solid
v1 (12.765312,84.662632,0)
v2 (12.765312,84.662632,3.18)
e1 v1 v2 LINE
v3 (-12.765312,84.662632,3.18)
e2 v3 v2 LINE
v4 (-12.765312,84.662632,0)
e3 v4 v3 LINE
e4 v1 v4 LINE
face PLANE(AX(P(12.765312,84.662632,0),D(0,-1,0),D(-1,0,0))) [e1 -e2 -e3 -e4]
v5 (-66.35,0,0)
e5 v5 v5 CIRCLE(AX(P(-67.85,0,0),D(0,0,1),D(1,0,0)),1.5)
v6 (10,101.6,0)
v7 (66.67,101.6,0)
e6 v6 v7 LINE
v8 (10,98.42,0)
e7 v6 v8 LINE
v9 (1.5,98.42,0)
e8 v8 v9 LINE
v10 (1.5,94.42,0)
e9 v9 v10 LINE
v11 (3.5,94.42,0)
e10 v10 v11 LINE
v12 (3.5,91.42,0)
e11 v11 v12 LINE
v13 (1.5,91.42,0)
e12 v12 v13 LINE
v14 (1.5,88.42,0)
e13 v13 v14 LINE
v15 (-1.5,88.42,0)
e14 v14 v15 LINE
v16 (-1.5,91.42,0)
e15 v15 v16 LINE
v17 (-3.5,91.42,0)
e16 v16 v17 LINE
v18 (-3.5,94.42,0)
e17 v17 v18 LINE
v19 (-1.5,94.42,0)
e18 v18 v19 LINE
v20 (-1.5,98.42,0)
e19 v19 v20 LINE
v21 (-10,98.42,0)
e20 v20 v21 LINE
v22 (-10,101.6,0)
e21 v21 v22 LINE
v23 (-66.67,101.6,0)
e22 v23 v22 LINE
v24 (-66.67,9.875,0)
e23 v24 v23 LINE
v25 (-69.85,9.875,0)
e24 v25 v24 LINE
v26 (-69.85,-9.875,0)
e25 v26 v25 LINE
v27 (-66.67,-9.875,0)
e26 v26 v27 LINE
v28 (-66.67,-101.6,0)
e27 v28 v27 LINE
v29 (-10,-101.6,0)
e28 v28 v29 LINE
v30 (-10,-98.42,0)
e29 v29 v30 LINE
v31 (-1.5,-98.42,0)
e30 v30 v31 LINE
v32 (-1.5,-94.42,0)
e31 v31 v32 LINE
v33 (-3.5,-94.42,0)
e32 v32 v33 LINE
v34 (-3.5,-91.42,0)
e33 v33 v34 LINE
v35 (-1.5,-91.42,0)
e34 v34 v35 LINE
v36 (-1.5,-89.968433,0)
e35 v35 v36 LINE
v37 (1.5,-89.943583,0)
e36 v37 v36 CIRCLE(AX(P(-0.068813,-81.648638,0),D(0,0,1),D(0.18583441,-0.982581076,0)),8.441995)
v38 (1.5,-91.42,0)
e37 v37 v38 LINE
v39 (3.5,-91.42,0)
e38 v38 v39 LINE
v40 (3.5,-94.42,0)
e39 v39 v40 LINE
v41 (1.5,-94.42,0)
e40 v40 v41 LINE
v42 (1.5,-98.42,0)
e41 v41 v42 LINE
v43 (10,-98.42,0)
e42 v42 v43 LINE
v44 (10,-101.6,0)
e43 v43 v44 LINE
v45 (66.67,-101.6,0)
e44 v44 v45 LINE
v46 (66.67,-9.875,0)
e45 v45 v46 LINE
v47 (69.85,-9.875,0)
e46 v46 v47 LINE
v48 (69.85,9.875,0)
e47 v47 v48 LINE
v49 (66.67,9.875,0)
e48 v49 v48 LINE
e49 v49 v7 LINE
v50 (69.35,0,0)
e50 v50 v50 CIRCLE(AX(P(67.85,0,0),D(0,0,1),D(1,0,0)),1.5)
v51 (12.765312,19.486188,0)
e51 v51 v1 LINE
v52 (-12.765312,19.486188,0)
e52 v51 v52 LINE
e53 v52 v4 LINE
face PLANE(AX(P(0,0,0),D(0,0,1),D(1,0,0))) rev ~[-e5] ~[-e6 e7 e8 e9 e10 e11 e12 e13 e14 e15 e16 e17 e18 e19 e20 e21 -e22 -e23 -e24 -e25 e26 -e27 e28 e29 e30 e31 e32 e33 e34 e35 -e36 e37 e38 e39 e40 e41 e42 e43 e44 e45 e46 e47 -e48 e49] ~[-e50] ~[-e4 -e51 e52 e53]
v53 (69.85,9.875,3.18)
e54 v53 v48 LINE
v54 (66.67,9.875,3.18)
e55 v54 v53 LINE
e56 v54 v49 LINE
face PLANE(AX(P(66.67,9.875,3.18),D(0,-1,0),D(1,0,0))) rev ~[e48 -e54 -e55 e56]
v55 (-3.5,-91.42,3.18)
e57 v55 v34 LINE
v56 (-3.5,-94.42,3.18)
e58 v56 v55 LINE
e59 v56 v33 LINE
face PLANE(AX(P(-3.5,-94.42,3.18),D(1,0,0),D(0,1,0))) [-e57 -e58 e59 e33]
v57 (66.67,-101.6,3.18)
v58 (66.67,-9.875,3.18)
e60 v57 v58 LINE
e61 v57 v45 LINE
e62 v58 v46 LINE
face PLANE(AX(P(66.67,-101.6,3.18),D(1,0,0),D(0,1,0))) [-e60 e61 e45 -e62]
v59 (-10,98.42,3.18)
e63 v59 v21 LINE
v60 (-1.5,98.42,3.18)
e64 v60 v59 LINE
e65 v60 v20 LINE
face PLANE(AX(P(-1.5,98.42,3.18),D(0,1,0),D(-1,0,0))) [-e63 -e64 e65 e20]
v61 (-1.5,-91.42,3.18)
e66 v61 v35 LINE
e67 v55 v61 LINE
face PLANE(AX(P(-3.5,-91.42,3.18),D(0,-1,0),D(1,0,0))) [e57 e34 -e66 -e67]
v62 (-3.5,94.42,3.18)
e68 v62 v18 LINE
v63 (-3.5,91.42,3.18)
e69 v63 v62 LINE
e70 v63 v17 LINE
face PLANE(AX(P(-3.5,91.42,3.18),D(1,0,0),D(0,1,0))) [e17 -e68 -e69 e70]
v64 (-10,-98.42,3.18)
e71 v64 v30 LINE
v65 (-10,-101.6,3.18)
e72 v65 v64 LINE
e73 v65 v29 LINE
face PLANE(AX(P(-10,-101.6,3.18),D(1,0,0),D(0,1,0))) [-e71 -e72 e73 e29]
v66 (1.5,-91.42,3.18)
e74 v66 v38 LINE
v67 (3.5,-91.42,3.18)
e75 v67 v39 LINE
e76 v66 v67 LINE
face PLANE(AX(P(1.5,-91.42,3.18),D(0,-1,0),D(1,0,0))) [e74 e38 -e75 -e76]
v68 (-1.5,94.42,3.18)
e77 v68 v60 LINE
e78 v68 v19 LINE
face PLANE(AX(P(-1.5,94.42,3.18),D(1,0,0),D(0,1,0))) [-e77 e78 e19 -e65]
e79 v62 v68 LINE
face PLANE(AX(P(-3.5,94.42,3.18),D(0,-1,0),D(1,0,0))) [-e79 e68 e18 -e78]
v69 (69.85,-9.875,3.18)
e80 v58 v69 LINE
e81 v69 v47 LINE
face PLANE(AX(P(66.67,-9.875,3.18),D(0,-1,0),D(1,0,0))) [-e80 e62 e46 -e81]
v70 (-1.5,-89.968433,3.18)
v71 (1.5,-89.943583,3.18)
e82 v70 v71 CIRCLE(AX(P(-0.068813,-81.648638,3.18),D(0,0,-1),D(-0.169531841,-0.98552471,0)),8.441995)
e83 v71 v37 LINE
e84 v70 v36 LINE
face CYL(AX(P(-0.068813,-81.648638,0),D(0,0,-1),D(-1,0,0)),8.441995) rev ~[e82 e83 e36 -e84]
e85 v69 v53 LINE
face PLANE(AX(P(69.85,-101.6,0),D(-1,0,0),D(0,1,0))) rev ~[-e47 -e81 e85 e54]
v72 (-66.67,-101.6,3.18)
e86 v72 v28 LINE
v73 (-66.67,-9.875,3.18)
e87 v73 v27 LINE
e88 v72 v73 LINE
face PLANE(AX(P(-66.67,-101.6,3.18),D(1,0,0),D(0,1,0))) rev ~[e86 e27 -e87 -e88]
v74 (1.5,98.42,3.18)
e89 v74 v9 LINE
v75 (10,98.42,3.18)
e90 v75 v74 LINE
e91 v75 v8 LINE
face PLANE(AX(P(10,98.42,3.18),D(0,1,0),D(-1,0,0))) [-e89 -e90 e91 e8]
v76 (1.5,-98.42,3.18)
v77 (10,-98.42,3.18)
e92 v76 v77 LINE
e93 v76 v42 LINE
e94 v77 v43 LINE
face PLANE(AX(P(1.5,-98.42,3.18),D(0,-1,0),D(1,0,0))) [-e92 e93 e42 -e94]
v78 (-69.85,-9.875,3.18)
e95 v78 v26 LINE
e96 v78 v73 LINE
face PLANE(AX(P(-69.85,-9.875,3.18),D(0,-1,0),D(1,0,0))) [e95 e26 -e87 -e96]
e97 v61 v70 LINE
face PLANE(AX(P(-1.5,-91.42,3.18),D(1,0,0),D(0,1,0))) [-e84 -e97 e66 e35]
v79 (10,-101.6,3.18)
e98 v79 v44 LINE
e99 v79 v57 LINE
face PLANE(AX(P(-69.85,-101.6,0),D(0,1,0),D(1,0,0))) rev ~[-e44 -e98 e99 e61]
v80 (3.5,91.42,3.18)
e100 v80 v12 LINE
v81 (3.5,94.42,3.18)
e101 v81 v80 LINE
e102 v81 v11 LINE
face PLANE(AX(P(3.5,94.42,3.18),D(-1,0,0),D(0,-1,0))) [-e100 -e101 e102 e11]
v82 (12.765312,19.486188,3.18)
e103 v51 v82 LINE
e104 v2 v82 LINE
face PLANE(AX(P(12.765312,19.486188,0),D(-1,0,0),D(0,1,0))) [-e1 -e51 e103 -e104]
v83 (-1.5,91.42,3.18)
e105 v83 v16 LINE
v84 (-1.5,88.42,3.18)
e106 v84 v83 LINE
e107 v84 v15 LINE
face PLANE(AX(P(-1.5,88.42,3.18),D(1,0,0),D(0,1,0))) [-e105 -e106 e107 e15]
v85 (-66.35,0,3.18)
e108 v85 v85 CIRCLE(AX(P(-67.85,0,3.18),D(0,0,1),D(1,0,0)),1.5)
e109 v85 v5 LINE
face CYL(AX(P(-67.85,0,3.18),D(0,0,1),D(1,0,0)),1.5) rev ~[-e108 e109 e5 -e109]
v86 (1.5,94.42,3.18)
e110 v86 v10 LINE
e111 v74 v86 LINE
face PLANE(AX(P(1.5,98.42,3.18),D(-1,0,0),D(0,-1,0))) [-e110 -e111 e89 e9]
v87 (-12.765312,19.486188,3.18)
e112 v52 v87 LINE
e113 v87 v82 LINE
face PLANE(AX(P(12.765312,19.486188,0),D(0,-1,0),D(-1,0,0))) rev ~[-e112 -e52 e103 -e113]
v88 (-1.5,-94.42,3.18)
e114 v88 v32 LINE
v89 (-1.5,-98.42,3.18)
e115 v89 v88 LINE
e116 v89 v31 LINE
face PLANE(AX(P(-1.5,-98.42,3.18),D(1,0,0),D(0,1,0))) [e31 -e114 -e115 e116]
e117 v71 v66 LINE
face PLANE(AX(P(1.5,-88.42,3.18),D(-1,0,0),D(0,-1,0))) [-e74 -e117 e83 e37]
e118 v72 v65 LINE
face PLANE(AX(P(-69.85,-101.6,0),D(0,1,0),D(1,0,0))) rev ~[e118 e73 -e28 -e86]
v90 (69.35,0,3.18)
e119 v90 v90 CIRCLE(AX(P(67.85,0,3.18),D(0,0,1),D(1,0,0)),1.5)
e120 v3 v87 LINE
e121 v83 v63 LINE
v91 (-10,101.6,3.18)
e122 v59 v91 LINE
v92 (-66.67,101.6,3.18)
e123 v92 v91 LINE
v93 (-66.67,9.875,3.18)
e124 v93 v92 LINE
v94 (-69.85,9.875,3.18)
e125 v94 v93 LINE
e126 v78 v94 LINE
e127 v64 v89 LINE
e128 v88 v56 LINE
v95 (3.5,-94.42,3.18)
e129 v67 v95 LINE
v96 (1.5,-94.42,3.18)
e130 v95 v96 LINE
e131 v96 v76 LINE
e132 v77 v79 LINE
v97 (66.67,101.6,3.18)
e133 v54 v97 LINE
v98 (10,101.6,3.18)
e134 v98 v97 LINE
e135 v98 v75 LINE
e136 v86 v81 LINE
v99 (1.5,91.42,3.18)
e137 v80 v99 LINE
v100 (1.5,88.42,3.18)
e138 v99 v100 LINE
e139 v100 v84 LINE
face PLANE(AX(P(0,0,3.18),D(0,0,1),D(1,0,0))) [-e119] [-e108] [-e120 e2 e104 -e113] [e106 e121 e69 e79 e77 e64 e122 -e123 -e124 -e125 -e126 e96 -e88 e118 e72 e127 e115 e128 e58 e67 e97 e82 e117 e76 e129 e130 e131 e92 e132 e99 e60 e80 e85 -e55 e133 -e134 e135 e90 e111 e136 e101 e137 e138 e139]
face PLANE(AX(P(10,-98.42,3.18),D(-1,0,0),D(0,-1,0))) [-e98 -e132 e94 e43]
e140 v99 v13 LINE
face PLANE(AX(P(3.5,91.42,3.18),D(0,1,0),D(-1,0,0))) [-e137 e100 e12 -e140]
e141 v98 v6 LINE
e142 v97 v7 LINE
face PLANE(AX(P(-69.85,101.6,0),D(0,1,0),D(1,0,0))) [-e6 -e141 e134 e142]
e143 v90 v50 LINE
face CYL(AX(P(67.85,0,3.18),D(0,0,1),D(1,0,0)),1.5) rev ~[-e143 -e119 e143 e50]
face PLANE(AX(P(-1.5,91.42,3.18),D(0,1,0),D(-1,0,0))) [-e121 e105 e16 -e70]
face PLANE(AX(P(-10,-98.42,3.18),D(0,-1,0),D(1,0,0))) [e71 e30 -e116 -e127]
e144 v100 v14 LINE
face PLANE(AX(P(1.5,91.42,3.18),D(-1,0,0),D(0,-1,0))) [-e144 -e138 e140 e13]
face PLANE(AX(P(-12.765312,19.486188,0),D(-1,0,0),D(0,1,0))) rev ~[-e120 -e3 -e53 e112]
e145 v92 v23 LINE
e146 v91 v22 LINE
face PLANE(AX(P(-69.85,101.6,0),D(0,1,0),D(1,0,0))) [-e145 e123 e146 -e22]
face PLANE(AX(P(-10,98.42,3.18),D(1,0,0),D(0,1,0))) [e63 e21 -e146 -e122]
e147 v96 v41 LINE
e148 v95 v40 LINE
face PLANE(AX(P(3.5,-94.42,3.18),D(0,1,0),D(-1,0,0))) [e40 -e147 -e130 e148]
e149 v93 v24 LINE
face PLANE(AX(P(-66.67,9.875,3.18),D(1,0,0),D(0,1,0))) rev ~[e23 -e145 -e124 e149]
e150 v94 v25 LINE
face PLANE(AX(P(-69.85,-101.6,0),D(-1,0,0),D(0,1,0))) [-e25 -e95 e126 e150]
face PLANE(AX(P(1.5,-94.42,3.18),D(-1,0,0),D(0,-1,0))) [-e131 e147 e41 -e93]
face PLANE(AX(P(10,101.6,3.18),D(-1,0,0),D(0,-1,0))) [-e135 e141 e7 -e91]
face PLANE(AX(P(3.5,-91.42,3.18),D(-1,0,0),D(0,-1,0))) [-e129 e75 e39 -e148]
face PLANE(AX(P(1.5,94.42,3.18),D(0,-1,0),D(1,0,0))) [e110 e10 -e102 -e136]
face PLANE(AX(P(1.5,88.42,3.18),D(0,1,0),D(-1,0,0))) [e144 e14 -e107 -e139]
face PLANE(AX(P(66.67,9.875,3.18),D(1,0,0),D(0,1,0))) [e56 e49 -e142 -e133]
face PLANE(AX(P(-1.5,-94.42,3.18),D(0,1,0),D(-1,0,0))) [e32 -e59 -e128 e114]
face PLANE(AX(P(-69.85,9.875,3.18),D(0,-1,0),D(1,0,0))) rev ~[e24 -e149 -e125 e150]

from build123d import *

# Parameters (mm, degrees)
SKETCH1_W           = 139.7
SKETCH1_H           = 203.2
BOSS_EXTRUDE1_DEPTH = 3.18
SKETCH2_R           = 1.5
SKETCH2_W           = 3.18
SKETCH2_H           = 91.725
CUT_EXTRUDE1_DEPTH  = 124.335700022
SKETCH3_R           = 8.441994665
CUT_EXTRUDE2_DEPTH  = 10
SKETCH5_W           = 25.530623926
SKETCH5_H           = 65.176444071
CUT_EXTRUDE3_DEPTH  = 10


with BuildPart() as part:
    # Sketch1 → Boss-Extrude1 (new body)
    with BuildSketch(Plane.XY):
        Rectangle(SKETCH1_W, SKETCH1_H)
    extrude(amount=BOSS_EXTRUDE1_DEPTH)

    # Sketch2 → Cut-Extrude1 (cut, through all)
    with BuildSketch(Plane.XY.offset(3.18)):
        with Locations((-67.85, 0)):
            Circle(SKETCH2_R)
        with Locations((67.85, 0)):
            Circle(SKETCH2_R)
        Polygon((-10, 101.6), (10, 101.6), (10, 98.42), (1.5, 98.42), (1.5, 94.42), (3.5, 94.42), (3.5, 91.42), (1.5, 91.42), (1.5, 88.42), (-1.5, 88.42), (-1.5, 91.42), (-3.5, 91.42), (-3.5, 94.42), (-1.5, 94.42), (-1.5, 98.42), (-10, 98.42), align=None)
        Polygon((-10, -101.6), (-10, -98.42), (-1.5, -98.42), (-1.5, -94.42), (-3.5, -94.42), (-3.5, -91.42), (-1.5, -91.42), (-1.5, -88.42), (1.5, -88.42), (1.5, -91.42), (3.5, -91.42), (3.5, -94.42), (1.5, -94.42), (1.5, -98.42), (10, -98.42), (10, -101.6), align=None)
        with Locations((-68.26, 55.7375)):
            Rectangle(SKETCH2_W, SKETCH2_H)
        with Locations((-68.26, -55.7375)):
            Rectangle(SKETCH2_W, SKETCH2_H)
        with Locations((68.26, -55.7375)):
            Rectangle(SKETCH2_W, SKETCH2_H)
        with Locations((68.26, 55.7375)):
            Rectangle(SKETCH2_W, SKETCH2_H)
    extrude(amount=-CUT_EXTRUDE1_DEPTH, mode=Mode.SUBTRACT)

    # Sketch3 → Cut-Extrude2 (cut)
    with BuildSketch(Plane(origin=(0, 0, 0), x_dir=(-1, 0, 0), z_dir=(0, 0, -1))):
        with Locations((0.068813102, -81.648638462)):
            Circle(SKETCH3_R)
    extrude(amount=-CUT_EXTRUDE2_DEPTH, mode=Mode.SUBTRACT)

    # Sketch5 → Cut-Extrude3 (cut)
    with BuildSketch(Plane(origin=(0, 0, 0), x_dir=(-1, 0, 0), z_dir=(0, 0, -1))):
        with Locations((0, 52.074409839)):
            Rectangle(SKETCH5_W, SKETCH5_H)
    extrude(amount=-CUT_EXTRUDE3_DEPTH, mode=Mode.SUBTRACT)


solid = part.part
